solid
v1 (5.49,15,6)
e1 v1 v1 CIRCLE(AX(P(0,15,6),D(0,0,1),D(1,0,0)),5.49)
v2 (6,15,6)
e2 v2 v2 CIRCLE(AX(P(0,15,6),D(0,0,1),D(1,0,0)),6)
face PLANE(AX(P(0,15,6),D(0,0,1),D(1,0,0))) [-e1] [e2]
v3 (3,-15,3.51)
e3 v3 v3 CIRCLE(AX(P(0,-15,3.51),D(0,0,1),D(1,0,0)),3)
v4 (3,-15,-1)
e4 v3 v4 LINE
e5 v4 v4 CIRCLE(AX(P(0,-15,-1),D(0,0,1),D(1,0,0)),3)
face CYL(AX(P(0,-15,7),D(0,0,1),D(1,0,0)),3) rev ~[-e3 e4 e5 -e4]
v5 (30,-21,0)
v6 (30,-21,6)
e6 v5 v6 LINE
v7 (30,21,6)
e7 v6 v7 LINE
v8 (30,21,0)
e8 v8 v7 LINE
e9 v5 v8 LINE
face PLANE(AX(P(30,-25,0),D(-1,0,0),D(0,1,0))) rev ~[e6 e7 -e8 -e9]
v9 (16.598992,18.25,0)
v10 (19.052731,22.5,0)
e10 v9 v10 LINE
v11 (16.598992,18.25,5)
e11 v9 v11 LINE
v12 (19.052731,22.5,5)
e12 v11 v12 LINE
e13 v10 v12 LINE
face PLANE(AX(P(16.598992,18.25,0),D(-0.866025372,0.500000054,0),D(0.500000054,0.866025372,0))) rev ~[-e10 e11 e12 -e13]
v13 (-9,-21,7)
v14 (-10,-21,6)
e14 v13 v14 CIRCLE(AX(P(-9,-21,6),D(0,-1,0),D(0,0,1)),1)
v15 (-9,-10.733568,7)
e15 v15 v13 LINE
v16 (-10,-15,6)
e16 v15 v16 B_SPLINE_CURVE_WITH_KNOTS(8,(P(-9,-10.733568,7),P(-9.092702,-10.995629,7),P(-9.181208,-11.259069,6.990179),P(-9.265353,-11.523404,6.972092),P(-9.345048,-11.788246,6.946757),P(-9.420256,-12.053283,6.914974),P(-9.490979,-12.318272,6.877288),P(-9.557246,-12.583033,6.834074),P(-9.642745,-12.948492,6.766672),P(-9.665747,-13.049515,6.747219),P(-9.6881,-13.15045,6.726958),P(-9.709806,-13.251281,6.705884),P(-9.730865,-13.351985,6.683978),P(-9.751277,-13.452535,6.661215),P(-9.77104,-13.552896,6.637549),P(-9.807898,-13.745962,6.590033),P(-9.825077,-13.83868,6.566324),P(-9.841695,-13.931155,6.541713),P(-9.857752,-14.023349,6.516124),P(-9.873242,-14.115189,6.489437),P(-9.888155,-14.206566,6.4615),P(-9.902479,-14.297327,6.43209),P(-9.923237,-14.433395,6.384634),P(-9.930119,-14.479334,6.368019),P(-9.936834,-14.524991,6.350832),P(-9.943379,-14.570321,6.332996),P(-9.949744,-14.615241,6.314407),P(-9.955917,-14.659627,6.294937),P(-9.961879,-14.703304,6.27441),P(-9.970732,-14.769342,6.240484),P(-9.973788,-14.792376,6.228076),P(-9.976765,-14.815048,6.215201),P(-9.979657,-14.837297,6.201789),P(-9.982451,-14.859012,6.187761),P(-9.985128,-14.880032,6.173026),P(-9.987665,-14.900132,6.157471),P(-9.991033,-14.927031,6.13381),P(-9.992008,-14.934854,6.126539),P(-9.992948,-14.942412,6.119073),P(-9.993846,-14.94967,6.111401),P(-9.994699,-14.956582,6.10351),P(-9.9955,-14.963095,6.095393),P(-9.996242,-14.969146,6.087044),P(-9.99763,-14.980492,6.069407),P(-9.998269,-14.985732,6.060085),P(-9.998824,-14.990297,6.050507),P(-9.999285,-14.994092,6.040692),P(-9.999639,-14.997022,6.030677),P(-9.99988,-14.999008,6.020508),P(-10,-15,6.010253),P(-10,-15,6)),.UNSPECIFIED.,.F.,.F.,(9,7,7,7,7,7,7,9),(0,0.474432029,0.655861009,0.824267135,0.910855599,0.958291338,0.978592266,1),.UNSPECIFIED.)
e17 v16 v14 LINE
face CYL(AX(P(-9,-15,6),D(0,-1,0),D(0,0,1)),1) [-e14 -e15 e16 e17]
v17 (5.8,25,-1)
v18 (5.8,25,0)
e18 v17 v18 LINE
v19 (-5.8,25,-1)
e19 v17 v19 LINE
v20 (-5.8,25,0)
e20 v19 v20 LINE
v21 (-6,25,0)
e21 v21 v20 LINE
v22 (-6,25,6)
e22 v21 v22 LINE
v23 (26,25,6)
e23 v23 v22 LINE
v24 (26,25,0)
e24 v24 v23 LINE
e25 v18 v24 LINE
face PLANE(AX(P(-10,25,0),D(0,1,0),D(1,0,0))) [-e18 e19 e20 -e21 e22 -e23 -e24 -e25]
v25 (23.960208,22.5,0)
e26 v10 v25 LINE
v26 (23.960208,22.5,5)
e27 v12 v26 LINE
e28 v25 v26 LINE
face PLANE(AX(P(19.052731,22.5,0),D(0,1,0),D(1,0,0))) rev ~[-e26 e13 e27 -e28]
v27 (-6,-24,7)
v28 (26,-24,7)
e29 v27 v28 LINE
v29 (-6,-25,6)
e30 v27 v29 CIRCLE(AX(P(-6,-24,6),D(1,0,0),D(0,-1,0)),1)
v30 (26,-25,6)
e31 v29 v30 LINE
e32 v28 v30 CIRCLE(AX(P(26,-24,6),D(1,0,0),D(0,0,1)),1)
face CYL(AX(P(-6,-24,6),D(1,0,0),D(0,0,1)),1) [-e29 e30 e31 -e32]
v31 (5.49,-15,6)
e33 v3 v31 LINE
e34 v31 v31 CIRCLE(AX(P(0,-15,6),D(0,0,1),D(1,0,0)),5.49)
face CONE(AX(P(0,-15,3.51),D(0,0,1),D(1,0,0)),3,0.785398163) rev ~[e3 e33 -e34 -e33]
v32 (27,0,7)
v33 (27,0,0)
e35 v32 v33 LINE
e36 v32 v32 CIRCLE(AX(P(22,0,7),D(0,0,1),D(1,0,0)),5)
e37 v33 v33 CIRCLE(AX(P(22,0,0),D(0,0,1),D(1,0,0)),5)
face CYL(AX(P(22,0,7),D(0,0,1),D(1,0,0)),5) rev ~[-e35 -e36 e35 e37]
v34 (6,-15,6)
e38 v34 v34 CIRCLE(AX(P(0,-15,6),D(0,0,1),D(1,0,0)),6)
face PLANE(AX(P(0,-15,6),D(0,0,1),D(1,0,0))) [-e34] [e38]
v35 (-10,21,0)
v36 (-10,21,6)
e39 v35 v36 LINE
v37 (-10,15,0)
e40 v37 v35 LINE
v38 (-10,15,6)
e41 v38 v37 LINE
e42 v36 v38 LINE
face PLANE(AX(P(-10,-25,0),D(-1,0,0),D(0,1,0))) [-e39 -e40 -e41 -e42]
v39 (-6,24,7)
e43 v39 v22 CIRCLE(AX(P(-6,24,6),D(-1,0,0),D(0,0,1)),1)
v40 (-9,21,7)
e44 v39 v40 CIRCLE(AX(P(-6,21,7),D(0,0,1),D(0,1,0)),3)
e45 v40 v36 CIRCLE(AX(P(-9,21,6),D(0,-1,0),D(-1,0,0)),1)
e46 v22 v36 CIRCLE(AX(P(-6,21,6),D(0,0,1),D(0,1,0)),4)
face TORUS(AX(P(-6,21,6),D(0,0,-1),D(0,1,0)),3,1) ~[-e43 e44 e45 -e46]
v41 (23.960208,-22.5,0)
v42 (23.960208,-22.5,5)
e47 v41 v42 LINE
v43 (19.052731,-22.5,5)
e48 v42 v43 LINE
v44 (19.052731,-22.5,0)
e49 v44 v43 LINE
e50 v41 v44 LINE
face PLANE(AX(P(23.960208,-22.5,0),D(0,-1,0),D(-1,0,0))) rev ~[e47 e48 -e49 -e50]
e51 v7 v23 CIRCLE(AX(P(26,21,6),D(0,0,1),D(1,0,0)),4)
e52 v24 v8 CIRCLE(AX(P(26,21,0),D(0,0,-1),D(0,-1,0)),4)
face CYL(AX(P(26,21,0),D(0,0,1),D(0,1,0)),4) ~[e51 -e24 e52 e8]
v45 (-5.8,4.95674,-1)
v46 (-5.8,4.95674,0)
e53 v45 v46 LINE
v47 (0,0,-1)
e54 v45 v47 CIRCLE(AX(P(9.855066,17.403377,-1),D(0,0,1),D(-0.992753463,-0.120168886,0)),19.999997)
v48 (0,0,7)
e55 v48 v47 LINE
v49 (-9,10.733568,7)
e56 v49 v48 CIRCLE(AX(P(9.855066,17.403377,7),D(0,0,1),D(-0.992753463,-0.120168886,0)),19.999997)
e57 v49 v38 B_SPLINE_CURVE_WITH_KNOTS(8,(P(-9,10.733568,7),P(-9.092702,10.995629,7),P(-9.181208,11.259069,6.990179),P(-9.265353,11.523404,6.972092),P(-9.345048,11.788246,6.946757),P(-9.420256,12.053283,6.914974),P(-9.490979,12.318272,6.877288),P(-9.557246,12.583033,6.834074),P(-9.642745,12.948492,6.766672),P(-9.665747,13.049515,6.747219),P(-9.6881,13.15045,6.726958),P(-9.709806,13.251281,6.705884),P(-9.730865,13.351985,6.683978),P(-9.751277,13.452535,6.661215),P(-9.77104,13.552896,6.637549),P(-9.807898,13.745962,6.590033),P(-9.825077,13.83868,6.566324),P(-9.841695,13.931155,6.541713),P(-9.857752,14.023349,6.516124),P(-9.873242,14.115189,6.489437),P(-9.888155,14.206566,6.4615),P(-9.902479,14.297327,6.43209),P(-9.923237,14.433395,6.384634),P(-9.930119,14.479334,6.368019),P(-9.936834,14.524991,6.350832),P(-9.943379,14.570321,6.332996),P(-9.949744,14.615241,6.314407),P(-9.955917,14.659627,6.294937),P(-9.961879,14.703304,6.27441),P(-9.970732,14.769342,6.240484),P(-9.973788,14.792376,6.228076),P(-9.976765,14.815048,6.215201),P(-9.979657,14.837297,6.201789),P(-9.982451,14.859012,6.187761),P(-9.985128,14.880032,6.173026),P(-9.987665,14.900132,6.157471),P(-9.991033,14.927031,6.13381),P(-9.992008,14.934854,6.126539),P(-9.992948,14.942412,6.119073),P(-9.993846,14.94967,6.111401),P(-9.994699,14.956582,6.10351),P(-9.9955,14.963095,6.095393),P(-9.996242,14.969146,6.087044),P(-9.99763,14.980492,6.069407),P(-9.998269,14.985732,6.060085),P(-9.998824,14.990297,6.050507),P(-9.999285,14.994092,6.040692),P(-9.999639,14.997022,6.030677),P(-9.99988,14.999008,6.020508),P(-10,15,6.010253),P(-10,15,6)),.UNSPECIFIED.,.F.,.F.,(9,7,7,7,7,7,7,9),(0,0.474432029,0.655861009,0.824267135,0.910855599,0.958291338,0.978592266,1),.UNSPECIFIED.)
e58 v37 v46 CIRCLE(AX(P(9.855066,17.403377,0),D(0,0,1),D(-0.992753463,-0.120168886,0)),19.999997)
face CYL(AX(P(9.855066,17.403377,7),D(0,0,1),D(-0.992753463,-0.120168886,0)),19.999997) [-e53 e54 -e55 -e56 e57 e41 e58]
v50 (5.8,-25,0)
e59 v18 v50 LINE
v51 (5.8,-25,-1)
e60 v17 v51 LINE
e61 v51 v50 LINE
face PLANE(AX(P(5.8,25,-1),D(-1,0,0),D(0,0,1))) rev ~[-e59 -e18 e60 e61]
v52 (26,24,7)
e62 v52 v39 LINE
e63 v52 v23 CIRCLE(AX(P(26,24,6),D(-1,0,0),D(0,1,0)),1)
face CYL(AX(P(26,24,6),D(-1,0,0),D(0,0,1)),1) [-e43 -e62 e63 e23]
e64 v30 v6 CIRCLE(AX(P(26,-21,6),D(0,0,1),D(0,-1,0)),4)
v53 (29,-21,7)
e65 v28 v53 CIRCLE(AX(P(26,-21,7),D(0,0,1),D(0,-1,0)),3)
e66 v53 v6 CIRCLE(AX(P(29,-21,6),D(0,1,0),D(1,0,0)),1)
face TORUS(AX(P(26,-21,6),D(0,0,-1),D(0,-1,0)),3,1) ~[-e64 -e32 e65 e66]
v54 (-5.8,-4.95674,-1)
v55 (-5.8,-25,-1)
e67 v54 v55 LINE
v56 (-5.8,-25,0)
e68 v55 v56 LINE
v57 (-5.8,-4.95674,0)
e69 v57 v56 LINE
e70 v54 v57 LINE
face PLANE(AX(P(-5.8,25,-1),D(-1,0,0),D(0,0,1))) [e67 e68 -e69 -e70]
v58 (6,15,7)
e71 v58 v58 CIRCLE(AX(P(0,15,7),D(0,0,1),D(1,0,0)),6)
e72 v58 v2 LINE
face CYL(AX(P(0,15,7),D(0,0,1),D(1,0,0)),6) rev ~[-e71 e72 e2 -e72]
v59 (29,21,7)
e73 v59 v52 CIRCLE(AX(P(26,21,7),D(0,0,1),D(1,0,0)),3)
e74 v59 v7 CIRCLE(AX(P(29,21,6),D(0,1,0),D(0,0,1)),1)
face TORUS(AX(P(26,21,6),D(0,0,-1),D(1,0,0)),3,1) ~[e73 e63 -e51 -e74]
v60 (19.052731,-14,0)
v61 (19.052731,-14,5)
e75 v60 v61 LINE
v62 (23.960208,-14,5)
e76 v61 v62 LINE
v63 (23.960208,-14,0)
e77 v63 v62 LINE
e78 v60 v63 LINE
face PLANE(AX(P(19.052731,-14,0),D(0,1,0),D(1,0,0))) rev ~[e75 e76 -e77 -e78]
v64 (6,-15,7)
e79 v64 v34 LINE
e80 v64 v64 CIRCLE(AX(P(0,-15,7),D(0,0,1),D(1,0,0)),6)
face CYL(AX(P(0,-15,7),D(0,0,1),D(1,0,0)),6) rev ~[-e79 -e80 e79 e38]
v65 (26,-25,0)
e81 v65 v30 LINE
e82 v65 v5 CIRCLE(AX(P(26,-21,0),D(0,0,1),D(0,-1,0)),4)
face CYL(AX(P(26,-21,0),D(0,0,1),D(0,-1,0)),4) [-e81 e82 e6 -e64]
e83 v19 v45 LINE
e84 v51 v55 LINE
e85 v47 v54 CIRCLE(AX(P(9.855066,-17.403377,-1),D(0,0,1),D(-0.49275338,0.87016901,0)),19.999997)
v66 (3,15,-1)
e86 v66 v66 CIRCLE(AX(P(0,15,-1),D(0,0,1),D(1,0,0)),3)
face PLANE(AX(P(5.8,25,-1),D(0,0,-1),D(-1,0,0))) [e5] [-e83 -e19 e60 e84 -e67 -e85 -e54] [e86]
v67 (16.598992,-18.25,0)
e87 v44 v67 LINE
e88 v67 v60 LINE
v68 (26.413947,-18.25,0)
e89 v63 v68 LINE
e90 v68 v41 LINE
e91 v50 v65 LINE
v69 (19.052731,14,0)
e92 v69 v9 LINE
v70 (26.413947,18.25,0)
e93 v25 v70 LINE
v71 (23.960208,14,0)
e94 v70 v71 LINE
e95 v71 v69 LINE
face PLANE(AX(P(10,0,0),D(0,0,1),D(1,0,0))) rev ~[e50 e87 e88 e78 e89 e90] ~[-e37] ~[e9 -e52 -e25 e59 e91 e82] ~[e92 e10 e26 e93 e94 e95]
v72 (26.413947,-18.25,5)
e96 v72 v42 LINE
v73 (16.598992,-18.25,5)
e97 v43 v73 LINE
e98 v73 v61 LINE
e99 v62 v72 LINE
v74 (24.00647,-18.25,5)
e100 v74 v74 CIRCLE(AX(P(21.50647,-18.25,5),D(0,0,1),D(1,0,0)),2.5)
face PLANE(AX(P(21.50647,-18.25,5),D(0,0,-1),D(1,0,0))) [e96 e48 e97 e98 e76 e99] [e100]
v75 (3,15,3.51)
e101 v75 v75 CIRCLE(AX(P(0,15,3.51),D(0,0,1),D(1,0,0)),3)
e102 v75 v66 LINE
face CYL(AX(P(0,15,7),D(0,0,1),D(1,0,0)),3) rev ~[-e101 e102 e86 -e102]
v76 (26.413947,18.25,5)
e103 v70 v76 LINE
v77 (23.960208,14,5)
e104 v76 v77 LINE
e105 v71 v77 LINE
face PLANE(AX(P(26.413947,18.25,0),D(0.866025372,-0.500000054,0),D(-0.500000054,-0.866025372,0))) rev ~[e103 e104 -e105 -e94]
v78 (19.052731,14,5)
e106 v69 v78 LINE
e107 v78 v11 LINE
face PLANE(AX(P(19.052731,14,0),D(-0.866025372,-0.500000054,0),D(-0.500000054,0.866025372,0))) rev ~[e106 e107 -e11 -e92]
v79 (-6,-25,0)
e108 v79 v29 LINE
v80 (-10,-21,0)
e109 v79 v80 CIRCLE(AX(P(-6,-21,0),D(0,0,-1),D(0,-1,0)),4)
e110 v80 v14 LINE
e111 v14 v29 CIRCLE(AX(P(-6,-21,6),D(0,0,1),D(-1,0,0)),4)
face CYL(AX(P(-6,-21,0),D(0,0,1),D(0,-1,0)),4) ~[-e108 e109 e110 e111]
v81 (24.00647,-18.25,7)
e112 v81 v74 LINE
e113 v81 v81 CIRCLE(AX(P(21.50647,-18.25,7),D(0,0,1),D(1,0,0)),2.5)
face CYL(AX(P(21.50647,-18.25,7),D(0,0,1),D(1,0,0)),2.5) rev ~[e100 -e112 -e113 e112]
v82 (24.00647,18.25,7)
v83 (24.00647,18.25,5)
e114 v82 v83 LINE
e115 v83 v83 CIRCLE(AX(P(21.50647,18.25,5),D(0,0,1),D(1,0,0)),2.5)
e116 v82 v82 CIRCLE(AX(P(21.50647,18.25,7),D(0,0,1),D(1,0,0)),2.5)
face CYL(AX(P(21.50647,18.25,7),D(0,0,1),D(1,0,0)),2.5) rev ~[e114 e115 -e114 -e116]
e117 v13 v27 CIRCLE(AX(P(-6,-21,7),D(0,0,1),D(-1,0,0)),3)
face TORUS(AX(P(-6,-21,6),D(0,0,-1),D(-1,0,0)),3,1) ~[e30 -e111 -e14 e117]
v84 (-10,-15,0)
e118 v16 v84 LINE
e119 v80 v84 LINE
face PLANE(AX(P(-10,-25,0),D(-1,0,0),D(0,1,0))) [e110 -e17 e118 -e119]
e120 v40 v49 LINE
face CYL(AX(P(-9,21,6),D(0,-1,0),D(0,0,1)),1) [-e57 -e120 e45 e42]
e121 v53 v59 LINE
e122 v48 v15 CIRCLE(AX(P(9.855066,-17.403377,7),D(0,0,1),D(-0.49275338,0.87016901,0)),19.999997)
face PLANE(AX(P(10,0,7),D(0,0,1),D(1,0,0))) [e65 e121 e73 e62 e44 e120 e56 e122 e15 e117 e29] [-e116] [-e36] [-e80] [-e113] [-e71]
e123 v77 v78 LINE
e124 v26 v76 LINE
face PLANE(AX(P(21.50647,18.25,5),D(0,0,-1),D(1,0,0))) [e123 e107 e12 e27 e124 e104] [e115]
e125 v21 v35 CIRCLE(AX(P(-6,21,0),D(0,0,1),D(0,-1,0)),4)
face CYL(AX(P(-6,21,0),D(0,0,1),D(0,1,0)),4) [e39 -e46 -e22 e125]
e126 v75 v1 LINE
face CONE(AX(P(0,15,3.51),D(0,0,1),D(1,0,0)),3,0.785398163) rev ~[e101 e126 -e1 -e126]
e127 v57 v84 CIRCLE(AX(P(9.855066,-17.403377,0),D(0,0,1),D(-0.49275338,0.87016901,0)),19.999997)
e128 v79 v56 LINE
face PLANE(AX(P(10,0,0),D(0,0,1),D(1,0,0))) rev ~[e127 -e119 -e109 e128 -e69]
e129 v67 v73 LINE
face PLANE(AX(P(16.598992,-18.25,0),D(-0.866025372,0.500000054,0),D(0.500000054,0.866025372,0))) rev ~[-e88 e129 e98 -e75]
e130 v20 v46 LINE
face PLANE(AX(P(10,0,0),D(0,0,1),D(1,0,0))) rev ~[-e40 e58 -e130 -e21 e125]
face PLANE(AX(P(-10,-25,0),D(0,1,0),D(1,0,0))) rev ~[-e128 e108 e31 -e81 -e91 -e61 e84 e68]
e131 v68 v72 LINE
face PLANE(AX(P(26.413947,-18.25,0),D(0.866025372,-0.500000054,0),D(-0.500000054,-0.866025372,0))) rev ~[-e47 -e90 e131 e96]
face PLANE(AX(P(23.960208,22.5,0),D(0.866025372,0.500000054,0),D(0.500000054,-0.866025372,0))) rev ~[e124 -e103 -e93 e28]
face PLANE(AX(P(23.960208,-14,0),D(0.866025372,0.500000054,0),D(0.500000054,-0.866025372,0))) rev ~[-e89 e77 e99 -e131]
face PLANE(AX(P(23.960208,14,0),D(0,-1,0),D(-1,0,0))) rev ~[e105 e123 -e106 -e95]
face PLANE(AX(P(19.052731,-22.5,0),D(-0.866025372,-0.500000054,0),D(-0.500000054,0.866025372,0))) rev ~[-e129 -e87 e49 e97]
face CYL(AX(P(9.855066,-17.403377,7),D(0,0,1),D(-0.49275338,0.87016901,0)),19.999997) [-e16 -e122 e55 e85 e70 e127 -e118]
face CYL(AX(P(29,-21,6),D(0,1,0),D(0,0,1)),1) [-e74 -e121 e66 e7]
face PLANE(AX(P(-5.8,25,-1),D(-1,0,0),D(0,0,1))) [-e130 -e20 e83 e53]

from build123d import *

# Parameters (mm, degrees)
SKETCH_W        = 40
SKETCH_H        = 50
PAD_DEPTH       = 7
SKETCH001_R     = 2.5
SKETCH001_R_2   = 5
POCKET_DEPTH    = 7.001
POCKET001_DEPTH = 5
SKETCH003_W     = 11.6
SKETCH003_H     = 1
PAD001_DEPTH    = 50
SKETCH004_R     = 3
POCKET002_DEPTH = 8.001
SKETCH005_R     = 6
POCKET003_DEPTH = 1
CHAMFER_SIZE    = 2.49
FILLET_R        = 4
POCKET004_DEPTH = 8.001
FILLET001_R     = 1


with BuildPart() as part:
    # Sketch → Pad (new body)
    with BuildSketch(Plane.XY):
        with Locations((10, 0)):
            Rectangle(SKETCH_W, SKETCH_H)
    extrude(amount=PAD_DEPTH)

    # Sketch001 (on Face6 of Pad) → Pocket (cut, through all)
    with BuildSketch(Plane.XY.offset(7)):
        with Locations((21.50647, 18.25)):
            Circle(SKETCH001_R)
        with Locations((21.50647, -18.25)):
            Circle(SKETCH001_R)
        with Locations((22, 0)):
            Circle(SKETCH001_R_2)
    extrude(amount=-POCKET_DEPTH, mode=Mode.SUBTRACT)

    # Sketch002 (on Face4 of Pocket) → Pocket001 (cut)
    with BuildSketch(Plane(origin=(0, 0, 0), x_dir=(1, 0, 0), z_dir=(0, 0, -1))):
        Polygon((19.052731, 14), (23.960208, 14), (26.413947, 18.25), (23.960208, 22.5), (19.052731, 22.5), (16.598992, 18.25), align=None)
        Polygon((19.052731, -22.5), (23.960208, -22.5), (26.413947, -18.25), (23.960208, -14), (19.052731, -14), (16.598992, -18.25), align=None)
    extrude(amount=-POCKET001_DEPTH, mode=Mode.SUBTRACT)

    # Sketch003 (on Face1 of Pocket001) → Pad001 (join)
    with BuildSketch(Plane(origin=(0, 25, 0), x_dir=(-1, 0, 0), z_dir=(0, 1, 0))):
        with Locations((0, -0.5)):
            Rectangle(SKETCH003_W, SKETCH003_H)
    extrude(amount=-PAD001_DEPTH)

    # Sketch004 (on Face5 of Pad001) → Pocket002 (cut, through all)
    with BuildSketch(Plane.XY.offset(7)):
        with Locations((0, 15)):
            Circle(SKETCH004_R)
        with Locations((0, -15)):
            Circle(SKETCH004_R)
    extrude(amount=-POCKET002_DEPTH, mode=Mode.SUBTRACT)

    # Sketch005 (on Face5 of Pocket002) → Pocket003 (cut)
    with BuildSketch(Plane.XY.offset(7)):
        with Locations((0, 15)):
            Circle(SKETCH005_R)
        with Locations((0, -15)):
            Circle(SKETCH005_R)
    extrude(amount=-POCKET003_DEPTH, mode=Mode.SUBTRACT)

    # Chamfer
    chamfer_edges = [part.edges().sort_by_distance(p)[0] for p in [
        (-3, -15, 6),
        (-3, 15, 6),
    ]]
    chamfer(chamfer_edges, length=CHAMFER_SIZE)

    # Fillet
    fillet_edges = [part.edges().sort_by_distance(p)[0] for p in [
        (-10, -25, 3.5),
        (30, -25, 3.5),
        (30, 25, 3.5),
        (-10, 25, 3.5),
    ]]
    fillet(fillet_edges, radius=FILLET_R)

    # Sketch006 (on Face1 of Fillet) → Pocket004 (cut, through all)
    with BuildSketch(Plane.XY.offset(7)):
        with BuildLine():
            ThreePointArc((-10, 15), (-6.785937, 6.309375), (0, 0))
            ThreePointArc((0, 0), (-6.785937, -6.309375), (-10, -15))
            Line((-10, 15), (-10, -15))
        make_face()
    extrude(amount=-POCKET004_DEPTH, mode=Mode.SUBTRACT)

    # Fillet001
    fillet001_edges = [part.edges().sort_by_distance(p)[0] for p in [
        (30, 0, 7),
    ]]
    fillet(fillet001_edges, radius=FILLET001_R)


solid = part.part
